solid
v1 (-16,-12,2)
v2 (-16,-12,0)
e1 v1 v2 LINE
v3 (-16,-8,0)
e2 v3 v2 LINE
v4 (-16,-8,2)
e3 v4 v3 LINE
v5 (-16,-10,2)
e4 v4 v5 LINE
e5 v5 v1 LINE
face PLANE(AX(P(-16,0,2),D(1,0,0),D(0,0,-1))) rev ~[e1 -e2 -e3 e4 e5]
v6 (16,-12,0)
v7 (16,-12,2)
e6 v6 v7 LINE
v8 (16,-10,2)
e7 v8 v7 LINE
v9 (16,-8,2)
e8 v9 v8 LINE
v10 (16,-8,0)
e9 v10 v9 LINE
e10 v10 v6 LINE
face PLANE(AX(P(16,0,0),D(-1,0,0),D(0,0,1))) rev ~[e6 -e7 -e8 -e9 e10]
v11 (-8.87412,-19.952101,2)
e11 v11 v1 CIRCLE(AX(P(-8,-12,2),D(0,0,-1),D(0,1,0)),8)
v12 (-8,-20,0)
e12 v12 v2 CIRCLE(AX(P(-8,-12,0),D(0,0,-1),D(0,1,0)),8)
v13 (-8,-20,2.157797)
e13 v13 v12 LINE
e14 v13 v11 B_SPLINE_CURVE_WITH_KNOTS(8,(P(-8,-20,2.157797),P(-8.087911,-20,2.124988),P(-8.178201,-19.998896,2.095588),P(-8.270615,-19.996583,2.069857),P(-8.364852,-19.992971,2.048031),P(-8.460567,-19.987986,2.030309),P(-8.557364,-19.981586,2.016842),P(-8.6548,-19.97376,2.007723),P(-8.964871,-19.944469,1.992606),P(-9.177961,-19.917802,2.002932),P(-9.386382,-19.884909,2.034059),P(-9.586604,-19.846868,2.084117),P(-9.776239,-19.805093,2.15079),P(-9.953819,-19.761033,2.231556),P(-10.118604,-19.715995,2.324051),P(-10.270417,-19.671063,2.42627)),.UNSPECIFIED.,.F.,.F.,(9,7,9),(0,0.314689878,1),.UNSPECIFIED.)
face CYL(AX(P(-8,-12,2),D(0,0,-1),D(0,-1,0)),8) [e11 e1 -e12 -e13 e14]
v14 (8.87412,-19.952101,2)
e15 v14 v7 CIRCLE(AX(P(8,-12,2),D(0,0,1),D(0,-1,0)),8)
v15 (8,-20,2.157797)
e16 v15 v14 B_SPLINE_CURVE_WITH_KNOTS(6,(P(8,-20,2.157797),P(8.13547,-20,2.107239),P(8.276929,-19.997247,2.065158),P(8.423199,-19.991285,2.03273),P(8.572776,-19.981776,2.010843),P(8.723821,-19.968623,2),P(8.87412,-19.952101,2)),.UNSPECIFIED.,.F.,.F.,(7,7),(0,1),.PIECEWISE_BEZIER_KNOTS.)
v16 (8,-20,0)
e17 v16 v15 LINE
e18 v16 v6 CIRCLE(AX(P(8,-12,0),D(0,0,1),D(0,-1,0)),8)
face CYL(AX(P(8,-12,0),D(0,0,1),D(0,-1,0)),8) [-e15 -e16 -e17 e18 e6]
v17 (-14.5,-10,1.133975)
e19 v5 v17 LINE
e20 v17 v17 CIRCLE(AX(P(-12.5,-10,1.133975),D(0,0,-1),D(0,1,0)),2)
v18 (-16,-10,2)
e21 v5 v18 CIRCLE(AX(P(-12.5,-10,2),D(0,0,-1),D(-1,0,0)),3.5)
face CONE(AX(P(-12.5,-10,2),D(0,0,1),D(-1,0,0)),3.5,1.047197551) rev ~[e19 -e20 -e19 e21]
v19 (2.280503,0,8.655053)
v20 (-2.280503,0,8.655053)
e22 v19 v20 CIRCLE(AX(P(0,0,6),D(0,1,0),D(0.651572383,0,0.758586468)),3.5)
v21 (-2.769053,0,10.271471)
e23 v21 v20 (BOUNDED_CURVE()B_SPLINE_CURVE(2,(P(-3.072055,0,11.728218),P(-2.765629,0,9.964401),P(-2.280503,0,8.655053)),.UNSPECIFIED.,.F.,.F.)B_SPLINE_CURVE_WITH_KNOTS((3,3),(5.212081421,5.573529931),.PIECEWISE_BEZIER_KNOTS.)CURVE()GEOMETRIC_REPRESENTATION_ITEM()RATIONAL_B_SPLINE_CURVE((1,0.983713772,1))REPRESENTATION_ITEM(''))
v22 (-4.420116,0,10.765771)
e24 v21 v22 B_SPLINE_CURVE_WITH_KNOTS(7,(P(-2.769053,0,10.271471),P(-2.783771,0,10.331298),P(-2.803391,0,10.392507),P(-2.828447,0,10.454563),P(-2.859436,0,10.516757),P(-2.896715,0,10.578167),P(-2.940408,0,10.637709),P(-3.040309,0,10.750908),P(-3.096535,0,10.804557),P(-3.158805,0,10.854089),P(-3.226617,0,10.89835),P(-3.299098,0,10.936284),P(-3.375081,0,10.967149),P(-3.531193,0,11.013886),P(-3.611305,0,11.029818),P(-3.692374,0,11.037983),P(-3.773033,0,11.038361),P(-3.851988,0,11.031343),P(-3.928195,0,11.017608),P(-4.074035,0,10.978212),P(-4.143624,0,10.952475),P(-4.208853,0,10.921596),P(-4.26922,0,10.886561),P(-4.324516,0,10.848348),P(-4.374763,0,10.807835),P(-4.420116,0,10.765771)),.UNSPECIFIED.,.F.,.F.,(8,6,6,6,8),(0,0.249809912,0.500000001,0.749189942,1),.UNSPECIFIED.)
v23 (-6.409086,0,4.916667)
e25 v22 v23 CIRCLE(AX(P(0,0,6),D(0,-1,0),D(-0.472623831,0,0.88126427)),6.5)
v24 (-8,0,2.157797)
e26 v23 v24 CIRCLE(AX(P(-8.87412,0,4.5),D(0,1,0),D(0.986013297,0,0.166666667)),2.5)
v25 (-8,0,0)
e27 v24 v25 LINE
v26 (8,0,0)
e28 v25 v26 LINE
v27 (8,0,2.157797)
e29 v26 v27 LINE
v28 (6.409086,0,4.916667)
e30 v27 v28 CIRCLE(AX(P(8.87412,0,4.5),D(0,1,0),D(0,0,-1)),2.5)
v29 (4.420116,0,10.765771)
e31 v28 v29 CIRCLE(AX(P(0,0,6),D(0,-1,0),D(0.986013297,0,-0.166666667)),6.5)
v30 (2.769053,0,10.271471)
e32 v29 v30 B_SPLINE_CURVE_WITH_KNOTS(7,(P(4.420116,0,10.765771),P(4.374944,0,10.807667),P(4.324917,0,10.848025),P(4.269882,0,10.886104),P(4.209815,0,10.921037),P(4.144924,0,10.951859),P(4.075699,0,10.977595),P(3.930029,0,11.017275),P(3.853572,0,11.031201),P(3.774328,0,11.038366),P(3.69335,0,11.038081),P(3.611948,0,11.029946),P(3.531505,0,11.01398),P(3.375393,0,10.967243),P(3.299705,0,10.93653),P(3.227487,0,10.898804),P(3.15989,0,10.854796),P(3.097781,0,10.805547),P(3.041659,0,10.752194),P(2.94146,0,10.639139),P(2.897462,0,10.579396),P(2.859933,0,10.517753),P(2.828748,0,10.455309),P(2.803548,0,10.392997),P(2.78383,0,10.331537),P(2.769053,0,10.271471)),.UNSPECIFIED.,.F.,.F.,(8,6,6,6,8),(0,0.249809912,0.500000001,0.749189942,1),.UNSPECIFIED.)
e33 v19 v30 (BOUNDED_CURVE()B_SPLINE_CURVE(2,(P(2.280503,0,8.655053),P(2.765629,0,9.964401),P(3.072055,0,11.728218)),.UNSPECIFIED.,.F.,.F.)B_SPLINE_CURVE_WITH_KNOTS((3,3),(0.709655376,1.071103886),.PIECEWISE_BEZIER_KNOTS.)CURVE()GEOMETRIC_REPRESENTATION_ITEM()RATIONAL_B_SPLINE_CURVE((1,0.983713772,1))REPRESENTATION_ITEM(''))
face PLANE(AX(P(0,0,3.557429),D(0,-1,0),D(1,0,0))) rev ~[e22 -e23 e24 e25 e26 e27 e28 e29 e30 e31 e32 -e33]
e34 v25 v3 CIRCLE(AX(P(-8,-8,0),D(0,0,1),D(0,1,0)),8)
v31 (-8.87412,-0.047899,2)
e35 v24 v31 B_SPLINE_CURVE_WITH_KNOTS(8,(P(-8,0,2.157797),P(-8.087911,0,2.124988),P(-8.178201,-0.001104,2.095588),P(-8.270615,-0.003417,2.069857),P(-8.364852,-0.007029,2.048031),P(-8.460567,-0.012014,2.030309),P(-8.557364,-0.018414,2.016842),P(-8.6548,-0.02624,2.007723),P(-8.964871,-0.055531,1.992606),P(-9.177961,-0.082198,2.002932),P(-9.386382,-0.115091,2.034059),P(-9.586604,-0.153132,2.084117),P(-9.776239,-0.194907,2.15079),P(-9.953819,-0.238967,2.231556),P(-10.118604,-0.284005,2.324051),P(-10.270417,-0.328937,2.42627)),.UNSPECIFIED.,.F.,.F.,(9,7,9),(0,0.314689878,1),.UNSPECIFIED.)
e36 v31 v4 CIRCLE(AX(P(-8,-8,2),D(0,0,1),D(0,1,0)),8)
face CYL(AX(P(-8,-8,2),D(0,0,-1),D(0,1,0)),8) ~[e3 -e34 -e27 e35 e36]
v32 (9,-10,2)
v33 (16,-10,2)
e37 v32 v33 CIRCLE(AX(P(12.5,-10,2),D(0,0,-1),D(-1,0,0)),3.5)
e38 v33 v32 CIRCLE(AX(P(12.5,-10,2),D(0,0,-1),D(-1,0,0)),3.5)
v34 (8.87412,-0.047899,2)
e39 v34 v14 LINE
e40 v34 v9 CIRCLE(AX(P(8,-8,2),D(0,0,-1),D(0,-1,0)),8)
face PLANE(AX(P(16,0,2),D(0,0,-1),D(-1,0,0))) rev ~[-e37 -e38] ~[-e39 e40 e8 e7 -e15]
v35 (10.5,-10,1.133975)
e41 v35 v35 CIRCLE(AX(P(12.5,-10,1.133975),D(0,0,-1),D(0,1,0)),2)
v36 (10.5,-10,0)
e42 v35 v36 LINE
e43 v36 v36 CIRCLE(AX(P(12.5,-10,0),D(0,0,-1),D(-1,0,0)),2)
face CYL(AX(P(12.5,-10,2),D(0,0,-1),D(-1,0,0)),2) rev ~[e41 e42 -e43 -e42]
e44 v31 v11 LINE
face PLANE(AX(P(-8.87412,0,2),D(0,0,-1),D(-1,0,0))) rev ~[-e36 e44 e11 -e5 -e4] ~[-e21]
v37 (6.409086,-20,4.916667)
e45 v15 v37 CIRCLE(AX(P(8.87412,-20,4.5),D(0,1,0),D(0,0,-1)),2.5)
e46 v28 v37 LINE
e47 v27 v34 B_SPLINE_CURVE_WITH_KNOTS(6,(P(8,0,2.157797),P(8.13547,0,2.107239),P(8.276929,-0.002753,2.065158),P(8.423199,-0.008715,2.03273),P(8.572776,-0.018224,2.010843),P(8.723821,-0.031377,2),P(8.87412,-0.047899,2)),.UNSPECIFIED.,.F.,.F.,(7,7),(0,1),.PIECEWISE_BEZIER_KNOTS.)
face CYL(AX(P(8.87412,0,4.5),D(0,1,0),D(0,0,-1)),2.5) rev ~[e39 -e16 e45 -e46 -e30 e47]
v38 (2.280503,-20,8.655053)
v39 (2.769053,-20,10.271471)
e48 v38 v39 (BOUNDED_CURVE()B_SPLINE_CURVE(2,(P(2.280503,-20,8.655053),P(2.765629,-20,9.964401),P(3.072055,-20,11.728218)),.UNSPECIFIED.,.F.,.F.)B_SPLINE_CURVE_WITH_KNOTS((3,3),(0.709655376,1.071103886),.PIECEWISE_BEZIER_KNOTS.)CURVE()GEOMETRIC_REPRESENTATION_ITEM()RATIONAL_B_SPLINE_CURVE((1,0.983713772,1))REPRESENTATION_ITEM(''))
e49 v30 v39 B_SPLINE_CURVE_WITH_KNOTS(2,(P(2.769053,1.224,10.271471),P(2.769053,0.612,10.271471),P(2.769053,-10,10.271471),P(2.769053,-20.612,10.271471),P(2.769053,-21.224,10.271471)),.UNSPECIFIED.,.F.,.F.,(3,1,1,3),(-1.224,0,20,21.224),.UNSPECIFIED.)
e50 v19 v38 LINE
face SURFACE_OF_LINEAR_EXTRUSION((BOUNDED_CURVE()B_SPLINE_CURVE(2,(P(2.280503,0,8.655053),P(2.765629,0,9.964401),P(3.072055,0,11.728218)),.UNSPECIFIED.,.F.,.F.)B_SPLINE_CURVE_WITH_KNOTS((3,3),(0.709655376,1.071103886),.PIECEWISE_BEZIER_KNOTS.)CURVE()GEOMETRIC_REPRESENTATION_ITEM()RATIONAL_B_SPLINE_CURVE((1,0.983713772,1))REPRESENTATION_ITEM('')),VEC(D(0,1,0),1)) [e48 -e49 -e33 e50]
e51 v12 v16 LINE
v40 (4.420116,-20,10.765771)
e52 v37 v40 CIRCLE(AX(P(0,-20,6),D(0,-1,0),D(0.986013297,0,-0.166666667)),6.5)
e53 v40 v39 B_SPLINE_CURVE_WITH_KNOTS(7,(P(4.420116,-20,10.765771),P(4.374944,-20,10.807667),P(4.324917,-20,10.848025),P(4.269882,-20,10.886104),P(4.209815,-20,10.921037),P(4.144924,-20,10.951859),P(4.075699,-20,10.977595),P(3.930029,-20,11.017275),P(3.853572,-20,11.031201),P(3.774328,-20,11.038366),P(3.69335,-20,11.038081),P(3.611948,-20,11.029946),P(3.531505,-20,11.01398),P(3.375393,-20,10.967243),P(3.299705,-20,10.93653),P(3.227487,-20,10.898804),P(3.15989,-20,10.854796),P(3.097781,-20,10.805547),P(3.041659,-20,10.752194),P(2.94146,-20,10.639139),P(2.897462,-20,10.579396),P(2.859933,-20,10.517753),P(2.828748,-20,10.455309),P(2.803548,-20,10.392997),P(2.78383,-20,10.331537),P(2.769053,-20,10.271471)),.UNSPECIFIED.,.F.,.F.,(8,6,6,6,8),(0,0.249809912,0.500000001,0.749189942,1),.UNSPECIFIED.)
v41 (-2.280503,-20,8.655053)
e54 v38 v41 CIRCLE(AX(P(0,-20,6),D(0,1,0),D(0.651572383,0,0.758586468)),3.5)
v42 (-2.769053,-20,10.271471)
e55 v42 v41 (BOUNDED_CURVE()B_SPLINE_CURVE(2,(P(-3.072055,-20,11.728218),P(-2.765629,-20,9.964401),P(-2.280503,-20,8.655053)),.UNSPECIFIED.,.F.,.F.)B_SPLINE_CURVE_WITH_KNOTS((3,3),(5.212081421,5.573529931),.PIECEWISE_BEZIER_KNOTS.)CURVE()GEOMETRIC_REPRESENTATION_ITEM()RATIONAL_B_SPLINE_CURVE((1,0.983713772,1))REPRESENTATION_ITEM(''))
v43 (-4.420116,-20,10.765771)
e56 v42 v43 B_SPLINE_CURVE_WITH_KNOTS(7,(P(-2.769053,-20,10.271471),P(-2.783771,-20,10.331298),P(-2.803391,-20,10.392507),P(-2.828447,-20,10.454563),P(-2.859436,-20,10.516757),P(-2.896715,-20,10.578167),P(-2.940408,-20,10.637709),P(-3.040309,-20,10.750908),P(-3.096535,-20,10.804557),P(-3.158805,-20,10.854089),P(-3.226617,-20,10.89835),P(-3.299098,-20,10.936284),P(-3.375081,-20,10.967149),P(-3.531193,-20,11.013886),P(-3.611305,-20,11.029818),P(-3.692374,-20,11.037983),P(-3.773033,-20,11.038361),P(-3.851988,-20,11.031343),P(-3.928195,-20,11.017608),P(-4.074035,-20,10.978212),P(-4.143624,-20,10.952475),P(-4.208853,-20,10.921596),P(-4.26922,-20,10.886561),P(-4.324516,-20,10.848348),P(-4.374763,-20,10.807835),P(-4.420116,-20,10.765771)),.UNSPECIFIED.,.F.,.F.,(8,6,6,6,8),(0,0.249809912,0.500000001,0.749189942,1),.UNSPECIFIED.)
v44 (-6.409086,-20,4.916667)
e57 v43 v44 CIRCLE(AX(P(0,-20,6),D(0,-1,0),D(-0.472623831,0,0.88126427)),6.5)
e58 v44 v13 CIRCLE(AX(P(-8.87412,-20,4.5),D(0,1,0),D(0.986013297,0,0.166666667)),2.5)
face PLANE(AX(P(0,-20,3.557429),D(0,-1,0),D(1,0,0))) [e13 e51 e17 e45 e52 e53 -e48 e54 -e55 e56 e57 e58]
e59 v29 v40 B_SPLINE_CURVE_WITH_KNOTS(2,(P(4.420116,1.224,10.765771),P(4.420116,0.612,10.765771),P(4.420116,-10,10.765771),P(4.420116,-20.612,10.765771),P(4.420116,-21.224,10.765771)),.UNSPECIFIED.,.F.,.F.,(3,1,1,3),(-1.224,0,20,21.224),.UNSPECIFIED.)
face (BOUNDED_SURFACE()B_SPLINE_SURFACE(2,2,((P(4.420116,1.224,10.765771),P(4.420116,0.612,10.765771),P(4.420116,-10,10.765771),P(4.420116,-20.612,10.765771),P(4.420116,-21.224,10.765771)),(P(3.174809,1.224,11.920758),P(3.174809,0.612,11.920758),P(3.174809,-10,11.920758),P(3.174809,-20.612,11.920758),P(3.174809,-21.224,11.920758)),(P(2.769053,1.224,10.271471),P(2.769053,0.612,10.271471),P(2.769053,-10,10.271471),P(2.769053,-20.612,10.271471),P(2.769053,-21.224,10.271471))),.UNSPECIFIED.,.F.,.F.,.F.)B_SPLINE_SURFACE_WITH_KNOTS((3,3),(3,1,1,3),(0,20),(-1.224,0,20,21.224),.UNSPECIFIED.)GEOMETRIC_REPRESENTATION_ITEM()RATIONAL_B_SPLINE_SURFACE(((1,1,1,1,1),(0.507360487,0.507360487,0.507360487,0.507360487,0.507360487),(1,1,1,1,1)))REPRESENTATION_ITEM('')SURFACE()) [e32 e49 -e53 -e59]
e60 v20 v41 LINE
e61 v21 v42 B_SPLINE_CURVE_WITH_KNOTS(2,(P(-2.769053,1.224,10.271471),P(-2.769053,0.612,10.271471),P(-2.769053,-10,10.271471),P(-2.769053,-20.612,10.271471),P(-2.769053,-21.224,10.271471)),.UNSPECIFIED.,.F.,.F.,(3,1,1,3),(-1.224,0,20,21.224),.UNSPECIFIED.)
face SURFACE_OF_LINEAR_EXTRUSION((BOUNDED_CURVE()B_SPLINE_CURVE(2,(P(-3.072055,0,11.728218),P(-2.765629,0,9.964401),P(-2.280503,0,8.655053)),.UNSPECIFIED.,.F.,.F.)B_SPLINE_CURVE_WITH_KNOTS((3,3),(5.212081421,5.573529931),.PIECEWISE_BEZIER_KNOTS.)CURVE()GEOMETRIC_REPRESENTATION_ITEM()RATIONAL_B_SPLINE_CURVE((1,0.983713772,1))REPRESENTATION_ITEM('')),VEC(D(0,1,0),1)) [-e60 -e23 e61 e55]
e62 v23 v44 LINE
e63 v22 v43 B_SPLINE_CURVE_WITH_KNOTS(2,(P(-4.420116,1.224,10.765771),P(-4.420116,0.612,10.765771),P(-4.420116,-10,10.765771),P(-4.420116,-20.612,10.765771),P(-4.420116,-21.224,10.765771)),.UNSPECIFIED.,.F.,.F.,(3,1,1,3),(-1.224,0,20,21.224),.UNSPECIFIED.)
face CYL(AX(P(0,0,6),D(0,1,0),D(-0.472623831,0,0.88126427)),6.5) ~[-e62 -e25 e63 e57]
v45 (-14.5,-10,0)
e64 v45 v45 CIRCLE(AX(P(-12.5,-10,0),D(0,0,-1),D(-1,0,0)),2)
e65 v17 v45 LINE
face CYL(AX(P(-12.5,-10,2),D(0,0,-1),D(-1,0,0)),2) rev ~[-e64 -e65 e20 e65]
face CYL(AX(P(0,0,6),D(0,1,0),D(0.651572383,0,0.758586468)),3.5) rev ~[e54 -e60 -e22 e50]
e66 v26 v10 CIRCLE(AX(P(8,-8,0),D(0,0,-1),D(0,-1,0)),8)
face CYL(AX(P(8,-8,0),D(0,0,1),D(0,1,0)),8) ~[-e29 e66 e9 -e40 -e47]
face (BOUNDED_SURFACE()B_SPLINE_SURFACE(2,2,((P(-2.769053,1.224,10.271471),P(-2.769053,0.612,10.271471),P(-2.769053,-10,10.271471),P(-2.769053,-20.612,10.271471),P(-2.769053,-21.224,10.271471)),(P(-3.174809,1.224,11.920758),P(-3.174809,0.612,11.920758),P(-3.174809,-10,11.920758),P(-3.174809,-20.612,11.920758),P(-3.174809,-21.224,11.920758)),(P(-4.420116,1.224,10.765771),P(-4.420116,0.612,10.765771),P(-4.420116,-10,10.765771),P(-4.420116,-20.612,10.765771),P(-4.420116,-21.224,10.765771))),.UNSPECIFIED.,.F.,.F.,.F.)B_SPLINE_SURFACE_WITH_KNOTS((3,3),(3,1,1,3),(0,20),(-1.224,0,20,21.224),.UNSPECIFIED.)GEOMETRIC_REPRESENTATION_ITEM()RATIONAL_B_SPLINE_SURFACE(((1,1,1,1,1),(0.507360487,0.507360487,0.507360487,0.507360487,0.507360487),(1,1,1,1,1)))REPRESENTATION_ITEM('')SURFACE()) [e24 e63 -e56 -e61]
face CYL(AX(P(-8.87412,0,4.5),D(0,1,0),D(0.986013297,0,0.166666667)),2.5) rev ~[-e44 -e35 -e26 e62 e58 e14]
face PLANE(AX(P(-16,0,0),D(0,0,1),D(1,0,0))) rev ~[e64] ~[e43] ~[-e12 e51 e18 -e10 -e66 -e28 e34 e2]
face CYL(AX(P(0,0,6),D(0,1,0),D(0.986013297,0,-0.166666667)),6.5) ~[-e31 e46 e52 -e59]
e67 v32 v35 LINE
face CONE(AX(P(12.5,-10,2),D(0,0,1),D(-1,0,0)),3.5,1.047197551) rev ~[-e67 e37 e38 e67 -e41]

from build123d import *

# Parameters (mm, degrees)
F1_DEPTH       = 20
F2_R           = 1
F3_R           = 8
F5_D           = 4
F5_CSINK_D     = 7
F5_CSINK_ANGLE = 120


with BuildPart() as f1:
    # F0 (on Front) → F1 (new body)
    with BuildSketch(Plane.XZ):
        with BuildLine():
            Line((-16, 2), (-16, 0))
            Line((-16, 0), (16, 0))
            Line((16, 0), (16, 2))
            Line((16, 2), (8.8741196746, 2))
            ThreePointArc((8.8741196746, 2), (6.9647131351, 2.8862569391), (6.4090864317, 4.9166666667))
            ThreePointArc((6.4090864317, 4.9166666667), (5.8371497595, 8.8596647854), (3.0720549025, 11.7282177574))
            add(Edge.make_bspline(
                [(2.2805033402, 8.6550526389), (2.7656288893, 9.9644009916), (3.0720549025, 11.7282177574)],
                knots=[0.7096553764, 0.7096553764, 0.7096553764, 1.0711038861, 1.0711038861, 1.0711038861], degree=2, weights=[1, 0.9837137717, 1]))
            ThreePointArc((2.2805033402, 8.6550526389), (0, 2.5), (-2.2805033402, 8.6550526389))
            add(Edge.make_bspline(
                [(-3.0720549025, 11.7282177574), (-2.7656288893, 9.9644009916), (-2.2805033402, 8.6550526389)],
                knots=[5.2120814211, 5.2120814211, 5.2120814211, 5.5735299308, 5.5735299308, 5.5735299308], degree=2, weights=[1, 0.9837137717, 1]))
            ThreePointArc((-3.0720549025, 11.7282177574), (-5.8371497595, 8.8596647854), (-6.4090864317, 4.9166666667))
            ThreePointArc((-6.4090864317, 4.9166666667), (-6.9647131351, 2.8862569391), (-8.8741196746, 2))
            Line((-8.8741196746, 2), (-16, 2))
        make_face()
    extrude(amount=F1_DEPTH)

    # F2
    f2_edges = [f1.edges().sort_by_distance(p)[0] for p in [
        (-3.072055, -10, 11.728218),
        (3.072055, -10, 11.728218),
    ]]
    fillet(f2_edges, radius=F2_R)

    # F3
    f3_edges = [f1.edges().sort_by_distance(p)[0] for p in [
        (-16, -20, 1),
        (16, -20, 1),
        (16, 0, 1),
        (-16, 0, 1),
    ]]
    fillet(f3_edges, radius=F3_R)

    # F5 (through all)
    with Locations(Plane.XY.offset(2)):
        with Locations((-12.5, -10), (12.5, -10)):
            CounterSinkHole(F5_D / 2, F5_CSINK_D / 2, counter_sink_angle=F5_CSINK_ANGLE)


solid = f1.part
